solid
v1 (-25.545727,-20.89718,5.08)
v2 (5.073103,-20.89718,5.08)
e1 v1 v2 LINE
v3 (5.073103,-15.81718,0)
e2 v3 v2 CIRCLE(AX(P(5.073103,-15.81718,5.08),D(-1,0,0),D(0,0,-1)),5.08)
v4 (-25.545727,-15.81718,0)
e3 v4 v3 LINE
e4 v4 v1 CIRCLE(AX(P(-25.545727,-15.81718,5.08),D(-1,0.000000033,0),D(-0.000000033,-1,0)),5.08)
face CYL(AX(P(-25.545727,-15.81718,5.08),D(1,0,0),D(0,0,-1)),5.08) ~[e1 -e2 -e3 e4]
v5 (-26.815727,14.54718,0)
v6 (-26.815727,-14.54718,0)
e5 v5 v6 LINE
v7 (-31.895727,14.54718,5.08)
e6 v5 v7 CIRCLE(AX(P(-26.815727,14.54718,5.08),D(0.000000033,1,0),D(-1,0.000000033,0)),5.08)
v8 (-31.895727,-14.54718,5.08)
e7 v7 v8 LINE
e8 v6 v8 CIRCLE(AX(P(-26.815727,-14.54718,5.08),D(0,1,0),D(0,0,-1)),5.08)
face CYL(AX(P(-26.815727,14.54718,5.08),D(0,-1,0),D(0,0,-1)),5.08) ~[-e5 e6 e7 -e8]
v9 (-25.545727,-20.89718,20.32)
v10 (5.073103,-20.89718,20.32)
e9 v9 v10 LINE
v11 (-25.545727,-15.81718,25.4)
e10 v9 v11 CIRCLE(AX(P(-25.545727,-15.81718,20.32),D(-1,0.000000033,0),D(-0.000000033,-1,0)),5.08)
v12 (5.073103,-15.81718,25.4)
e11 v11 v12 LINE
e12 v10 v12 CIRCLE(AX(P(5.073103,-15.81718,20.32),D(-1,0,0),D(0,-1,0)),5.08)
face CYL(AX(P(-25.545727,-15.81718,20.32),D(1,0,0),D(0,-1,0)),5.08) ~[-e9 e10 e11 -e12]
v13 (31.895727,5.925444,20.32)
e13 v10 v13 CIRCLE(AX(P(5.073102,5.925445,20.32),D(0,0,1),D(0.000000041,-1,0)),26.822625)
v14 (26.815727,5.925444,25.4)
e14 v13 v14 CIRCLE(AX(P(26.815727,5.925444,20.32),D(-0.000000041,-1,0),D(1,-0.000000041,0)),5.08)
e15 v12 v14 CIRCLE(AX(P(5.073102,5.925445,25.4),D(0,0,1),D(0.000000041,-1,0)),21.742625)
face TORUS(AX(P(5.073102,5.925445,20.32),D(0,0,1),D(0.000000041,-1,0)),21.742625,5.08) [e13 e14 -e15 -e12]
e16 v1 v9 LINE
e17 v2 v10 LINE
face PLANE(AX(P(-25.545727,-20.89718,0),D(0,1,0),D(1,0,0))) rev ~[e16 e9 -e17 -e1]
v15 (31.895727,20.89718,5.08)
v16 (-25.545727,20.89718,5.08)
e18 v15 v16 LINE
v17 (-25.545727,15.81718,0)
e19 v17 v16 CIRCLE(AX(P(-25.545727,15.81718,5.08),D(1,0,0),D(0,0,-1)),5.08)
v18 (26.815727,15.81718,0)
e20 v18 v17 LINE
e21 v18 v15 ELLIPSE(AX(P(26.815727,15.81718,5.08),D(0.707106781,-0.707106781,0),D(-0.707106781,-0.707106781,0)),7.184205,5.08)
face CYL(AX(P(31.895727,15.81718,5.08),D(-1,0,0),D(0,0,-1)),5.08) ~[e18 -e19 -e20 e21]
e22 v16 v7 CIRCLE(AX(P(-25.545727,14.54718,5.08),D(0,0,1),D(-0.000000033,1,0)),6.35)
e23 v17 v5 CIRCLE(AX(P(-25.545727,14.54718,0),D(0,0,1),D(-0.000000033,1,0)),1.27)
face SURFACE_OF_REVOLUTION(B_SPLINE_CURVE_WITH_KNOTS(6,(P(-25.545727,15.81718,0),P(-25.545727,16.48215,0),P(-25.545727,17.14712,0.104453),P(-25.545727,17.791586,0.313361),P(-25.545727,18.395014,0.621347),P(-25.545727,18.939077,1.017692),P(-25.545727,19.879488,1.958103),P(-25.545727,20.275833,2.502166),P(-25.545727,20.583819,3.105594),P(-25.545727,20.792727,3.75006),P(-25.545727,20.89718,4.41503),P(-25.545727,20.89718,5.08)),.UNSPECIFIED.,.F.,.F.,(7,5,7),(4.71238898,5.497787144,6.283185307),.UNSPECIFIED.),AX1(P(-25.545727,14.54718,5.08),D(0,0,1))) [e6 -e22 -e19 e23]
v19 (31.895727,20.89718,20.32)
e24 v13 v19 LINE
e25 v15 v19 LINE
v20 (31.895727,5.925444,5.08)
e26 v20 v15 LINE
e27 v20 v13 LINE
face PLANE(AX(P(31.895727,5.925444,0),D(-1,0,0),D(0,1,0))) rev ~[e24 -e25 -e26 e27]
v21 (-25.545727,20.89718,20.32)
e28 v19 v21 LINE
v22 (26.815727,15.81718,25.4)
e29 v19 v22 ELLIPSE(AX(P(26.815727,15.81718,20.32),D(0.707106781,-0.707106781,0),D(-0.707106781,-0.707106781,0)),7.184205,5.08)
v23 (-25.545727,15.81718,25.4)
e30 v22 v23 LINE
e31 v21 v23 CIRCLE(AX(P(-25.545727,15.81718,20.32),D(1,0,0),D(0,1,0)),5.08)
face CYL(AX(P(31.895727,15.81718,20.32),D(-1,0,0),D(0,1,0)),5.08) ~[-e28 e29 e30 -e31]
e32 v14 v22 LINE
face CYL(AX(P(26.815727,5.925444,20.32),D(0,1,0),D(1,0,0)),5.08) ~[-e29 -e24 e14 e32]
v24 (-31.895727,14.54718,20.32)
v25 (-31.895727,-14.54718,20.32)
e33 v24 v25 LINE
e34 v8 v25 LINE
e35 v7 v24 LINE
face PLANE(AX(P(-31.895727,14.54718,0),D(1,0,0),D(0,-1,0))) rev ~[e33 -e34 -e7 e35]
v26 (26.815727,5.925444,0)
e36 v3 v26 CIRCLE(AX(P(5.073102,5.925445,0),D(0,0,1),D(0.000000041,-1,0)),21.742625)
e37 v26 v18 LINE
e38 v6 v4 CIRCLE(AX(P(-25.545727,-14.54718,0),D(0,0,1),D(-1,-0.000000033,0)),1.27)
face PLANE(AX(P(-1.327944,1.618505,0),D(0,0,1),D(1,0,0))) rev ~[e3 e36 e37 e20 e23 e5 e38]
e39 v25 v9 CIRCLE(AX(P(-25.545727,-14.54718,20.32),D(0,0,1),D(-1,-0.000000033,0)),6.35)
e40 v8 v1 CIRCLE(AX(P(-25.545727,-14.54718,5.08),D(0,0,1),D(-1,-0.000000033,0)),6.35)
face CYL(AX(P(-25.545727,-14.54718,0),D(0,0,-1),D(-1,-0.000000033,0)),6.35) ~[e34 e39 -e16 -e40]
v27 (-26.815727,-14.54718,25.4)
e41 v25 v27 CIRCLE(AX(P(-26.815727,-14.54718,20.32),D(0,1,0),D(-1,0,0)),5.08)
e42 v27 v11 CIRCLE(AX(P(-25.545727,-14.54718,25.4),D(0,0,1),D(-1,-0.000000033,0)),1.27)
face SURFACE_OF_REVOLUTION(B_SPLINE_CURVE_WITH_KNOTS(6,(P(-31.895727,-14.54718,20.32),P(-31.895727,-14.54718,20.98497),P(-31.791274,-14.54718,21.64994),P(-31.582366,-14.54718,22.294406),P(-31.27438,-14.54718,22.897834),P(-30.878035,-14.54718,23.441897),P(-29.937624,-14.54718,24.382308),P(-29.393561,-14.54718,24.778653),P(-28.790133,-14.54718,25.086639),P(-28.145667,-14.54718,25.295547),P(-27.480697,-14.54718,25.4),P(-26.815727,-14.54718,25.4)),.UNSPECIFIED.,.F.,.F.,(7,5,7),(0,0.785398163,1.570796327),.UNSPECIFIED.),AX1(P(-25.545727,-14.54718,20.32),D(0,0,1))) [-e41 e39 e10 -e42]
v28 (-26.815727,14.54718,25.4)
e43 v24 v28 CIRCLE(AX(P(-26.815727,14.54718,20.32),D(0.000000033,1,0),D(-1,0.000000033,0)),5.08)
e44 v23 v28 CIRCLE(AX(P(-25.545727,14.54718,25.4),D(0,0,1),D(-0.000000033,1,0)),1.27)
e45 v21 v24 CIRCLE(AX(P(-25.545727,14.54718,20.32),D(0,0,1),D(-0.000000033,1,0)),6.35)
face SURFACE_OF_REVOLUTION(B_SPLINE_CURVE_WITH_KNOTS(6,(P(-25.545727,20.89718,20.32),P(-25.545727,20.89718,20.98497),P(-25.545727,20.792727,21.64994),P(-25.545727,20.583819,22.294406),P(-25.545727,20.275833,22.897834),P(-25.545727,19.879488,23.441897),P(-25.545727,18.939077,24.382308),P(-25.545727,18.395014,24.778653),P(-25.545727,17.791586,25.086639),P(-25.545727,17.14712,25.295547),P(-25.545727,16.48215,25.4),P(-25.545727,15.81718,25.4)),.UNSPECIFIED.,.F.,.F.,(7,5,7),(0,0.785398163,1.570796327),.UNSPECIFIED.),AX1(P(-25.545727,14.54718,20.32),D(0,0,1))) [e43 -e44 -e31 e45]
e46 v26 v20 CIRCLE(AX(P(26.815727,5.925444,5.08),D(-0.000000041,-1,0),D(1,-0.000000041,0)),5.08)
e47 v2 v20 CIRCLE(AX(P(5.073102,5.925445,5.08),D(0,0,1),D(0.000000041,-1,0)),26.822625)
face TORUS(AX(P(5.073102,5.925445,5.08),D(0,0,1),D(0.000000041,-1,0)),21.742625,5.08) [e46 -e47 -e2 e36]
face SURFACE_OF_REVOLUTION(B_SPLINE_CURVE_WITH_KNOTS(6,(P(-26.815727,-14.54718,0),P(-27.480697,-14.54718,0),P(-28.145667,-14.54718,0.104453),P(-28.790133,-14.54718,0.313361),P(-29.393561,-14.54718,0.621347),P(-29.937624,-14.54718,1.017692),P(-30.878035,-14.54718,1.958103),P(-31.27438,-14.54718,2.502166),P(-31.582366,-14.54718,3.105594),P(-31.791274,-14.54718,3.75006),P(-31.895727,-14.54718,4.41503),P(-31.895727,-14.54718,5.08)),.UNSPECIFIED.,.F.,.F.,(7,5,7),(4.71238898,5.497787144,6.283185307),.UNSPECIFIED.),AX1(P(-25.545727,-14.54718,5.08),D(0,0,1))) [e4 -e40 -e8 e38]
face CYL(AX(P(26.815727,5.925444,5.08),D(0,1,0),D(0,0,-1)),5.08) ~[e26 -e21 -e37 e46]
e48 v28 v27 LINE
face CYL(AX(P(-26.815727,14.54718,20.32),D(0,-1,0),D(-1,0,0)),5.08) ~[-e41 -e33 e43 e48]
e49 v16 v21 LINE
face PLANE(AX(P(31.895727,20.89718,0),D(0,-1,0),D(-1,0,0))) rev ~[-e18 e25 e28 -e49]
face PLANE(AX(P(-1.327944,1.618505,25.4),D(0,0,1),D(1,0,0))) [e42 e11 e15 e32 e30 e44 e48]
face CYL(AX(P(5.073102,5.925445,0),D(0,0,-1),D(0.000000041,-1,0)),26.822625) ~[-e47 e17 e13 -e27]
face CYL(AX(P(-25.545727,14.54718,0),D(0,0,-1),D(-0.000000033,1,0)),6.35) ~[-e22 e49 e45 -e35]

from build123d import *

# Parameters (mm, degrees)
F1_DEPTH = 25.4
F2_R     = 5.08
F3_R     = 5.08


with BuildPart() as f1:
    # F0 (on Top) → F1 (new body)
    with BuildSketch(Plane.XY):
        with BuildLine():
            Line((31.895727, 5.925444), (31.895727, 20.89718))
            Line((31.895727, 20.89718), (-25.545727, 20.89718))
            ThreePointArc((-25.545727, 20.89718), (-30.035855, 19.037308), (-31.895727, 14.54718))
            Line((-31.895727, 14.54718), (-31.895727, -14.54718))
            ThreePointArc((-31.895727, -14.54718), (-30.035855, -19.037308), (-25.545727, -20.89718))
            Line((-25.545727, -20.89718), (5.073103, -20.89718))
            ThreePointArc((5.073103, -20.89718), (24.039562, -13.041015), (31.895727, 5.925444))
        make_face()
    extrude(amount=F1_DEPTH)

    # F2
    f2_edges = [f1.edges().sort_by_distance(p)[0] for p in [
        (24.039562, -13.041015, 25.4),
        (31.895727, 13.411312, 25.4),
        (3.175, 20.89718, 25.4),
        (-30.035855, 19.037308, 25.4),
        (-31.895727, 0, 25.4),
        (-10.236312, -20.89718, 25.4),
        (-30.035855, -19.037308, 25.4),
    ]]
    fillet(f2_edges, radius=F2_R)

    # F3
    f3_edges = [f1.edges().sort_by_distance(p)[0] for p in [
        (3.175, 20.89718, 0),
        (31.895727, 13.411312, 0),
        (24.039562, -13.041015, 0),
        (-10.236312, -20.89718, 0),
        (-30.035855, -19.037308, 0),
        (-31.895727, 0, 0),
        (-30.035855, 19.037308, 0),
    ]]
    fillet(f3_edges, radius=F3_R)


solid = f1.part
